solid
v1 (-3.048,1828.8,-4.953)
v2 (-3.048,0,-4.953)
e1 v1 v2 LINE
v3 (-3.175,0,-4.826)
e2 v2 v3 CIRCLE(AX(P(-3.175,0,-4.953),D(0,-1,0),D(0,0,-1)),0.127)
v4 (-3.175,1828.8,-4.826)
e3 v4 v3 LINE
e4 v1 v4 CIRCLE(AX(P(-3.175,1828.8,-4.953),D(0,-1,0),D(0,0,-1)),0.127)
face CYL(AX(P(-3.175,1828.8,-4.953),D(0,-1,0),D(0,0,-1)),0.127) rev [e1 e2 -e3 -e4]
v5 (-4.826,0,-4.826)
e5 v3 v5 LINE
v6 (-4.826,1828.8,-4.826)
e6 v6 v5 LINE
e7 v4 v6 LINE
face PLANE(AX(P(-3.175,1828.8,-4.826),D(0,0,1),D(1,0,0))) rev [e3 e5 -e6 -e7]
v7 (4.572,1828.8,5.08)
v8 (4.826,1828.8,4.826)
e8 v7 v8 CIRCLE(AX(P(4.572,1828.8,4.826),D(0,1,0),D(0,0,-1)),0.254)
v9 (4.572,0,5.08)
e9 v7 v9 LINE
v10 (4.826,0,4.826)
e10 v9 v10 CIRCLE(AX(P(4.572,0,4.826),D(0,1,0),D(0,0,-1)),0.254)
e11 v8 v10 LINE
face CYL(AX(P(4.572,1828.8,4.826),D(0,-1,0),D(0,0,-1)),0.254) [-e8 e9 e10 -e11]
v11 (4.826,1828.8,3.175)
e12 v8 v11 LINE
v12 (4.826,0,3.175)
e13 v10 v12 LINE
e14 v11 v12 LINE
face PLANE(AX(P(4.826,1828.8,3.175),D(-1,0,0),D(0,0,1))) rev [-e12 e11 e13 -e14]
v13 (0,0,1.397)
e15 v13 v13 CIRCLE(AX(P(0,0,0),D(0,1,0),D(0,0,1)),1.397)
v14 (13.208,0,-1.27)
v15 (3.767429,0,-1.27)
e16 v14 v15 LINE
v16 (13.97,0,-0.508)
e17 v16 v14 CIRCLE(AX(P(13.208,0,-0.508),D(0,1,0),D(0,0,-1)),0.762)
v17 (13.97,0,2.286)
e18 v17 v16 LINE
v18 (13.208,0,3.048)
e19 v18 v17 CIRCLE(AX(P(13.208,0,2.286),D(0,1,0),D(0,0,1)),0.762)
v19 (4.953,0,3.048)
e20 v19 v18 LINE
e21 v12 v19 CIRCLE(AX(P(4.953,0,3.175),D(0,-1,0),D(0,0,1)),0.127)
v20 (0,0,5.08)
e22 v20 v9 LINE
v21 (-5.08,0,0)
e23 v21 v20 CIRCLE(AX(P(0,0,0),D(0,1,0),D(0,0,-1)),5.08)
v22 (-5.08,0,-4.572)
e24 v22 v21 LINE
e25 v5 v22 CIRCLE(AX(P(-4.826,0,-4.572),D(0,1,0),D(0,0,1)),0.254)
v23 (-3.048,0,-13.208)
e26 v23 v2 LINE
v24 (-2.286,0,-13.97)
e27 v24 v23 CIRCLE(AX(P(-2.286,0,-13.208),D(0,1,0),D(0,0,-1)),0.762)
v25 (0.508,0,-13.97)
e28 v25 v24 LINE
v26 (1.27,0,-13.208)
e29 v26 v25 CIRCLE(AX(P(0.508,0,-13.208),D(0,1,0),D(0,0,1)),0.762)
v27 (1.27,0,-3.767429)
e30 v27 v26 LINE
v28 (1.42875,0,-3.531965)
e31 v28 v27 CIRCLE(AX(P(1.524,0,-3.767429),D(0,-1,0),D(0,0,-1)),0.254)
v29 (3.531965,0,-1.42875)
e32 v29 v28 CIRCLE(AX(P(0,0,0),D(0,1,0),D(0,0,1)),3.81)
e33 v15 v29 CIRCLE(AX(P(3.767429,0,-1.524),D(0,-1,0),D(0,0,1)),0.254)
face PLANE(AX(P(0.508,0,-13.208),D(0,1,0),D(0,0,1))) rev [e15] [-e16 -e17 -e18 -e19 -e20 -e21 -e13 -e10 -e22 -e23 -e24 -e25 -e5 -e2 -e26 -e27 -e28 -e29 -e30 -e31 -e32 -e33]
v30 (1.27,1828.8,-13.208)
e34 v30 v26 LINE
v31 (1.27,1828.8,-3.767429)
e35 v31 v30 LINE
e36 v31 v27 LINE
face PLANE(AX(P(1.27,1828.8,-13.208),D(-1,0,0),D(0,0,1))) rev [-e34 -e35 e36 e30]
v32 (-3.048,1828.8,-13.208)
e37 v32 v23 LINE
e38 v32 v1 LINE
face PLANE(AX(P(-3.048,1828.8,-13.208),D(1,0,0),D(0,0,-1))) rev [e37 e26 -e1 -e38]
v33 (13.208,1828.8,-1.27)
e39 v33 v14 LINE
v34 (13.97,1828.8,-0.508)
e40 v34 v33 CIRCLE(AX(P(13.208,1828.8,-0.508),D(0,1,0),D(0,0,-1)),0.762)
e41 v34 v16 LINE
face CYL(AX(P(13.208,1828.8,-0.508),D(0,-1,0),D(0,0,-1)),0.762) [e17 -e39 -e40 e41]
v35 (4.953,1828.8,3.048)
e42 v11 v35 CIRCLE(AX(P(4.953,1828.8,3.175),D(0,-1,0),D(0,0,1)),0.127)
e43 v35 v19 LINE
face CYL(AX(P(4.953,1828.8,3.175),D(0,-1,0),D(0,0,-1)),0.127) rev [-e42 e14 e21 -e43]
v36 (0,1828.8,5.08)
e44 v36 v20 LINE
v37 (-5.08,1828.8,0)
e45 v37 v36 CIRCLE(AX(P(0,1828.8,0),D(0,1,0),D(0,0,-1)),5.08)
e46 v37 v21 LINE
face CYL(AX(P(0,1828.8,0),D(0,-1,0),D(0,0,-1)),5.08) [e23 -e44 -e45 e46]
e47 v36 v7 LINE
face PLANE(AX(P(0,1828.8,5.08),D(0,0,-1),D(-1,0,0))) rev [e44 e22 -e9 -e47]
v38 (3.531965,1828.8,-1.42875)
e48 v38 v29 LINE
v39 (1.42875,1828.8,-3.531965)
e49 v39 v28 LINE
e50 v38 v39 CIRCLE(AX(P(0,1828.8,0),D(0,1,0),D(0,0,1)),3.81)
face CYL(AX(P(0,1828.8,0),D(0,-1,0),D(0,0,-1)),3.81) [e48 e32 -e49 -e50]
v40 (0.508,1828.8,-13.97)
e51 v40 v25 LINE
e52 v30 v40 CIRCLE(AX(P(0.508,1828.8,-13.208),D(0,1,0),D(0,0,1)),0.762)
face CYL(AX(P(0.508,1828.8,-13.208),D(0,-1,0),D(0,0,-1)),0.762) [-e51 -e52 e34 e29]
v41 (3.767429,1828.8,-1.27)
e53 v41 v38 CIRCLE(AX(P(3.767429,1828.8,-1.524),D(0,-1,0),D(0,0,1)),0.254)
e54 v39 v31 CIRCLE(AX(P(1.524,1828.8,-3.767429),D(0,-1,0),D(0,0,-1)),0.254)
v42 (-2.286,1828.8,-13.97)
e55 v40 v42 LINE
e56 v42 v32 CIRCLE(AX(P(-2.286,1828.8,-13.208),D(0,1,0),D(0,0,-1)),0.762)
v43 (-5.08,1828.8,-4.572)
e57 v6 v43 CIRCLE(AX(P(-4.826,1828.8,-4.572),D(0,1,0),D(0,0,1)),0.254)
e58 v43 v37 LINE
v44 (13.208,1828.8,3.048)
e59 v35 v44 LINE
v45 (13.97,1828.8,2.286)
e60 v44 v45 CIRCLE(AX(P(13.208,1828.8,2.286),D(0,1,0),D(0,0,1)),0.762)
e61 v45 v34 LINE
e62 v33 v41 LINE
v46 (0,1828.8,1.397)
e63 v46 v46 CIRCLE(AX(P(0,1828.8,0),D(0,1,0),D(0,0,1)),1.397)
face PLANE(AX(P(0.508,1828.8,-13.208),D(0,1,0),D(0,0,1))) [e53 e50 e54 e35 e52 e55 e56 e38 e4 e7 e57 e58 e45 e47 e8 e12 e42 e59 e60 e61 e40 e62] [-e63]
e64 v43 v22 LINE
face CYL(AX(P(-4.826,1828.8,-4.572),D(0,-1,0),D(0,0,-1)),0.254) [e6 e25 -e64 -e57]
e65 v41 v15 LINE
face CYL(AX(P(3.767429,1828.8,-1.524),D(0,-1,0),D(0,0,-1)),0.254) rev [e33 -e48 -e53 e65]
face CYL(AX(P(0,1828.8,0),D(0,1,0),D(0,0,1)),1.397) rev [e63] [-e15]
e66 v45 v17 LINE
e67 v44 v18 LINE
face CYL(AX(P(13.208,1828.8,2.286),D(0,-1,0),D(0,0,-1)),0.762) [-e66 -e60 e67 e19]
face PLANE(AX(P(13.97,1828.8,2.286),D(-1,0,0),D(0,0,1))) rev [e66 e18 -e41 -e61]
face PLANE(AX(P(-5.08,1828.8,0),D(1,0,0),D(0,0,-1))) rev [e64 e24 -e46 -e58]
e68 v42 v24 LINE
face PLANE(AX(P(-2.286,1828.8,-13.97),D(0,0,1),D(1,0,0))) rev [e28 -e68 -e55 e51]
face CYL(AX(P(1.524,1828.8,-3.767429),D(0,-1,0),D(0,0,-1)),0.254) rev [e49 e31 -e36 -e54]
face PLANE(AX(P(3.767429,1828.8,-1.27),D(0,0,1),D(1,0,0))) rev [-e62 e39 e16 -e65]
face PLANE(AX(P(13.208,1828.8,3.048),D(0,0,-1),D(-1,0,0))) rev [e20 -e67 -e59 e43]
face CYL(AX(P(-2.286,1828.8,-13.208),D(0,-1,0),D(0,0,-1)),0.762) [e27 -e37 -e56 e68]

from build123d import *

# Parameters (mm, degrees)
BOSS_EXTRUDE1_DEPTH = 1828.8
THRU_HOLES_D        = 2.794


with BuildPart() as part:
    # Sketch1 → Boss-Extrude1 (new body)
    with BuildSketch(Plane(origin=(0, 0, 0), x_dir=(1, 0, 0), z_dir=(0, 1, 0))):
        with BuildLine():
            Line((-3.048, 13.208), (-3.048, 4.953))
            ThreePointArc((-3.048, 4.953), (-3.085197439, 4.863197439), (-3.175, 4.826))
            Line((-3.175, 4.826), (-4.826, 4.826))
            ThreePointArc((-4.826, 4.826), (-5.005605122, 4.751605122), (-5.08, 4.572))
            Line((-5.08, 4.572), (-5.08, 0))
            ThreePointArc((-5.08, 0), (-3.592102448, -3.592102448), (0, -5.08))
            Line((0, -5.08), (4.572, -5.08))
            ThreePointArc((4.572, -5.08), (4.751605122, -5.005605122), (4.826, -4.826))
            Line((4.826, -4.826), (4.826, -3.175))
            ThreePointArc((4.826, -3.175), (4.863197439, -3.085197439), (4.953, -3.048))
            Line((4.953, -3.048), (13.208, -3.048))
            ThreePointArc((13.208, -3.048), (13.746815367, -2.824815367), (13.97, -2.286))
            Line((13.97, -2.286), (13.97, 0.508))
            ThreePointArc((13.97, 0.508), (13.746815367, 1.046815367), (13.208, 1.27))
            Line((13.208, 1.27), (3.767428831, 1.27))
            ThreePointArc((3.767428831, 1.27), (3.625438515, 1.313394326), (3.531964529, 1.42875))
            ThreePointArc((3.531964529, 1.42875), (2.694076836, 2.694076836), (1.42875, 3.531964529))
            ThreePointArc((1.42875, 3.531964529), (1.313394326, 3.625438515), (1.27, 3.767428831))
            Line((1.27, 3.767428831), (1.27, 13.208))
            ThreePointArc((1.27, 13.208), (1.046815367, 13.746815367), (0.508, 13.97))
            Line((0.508, 13.97), (-2.286, 13.97))
            ThreePointArc((-2.286, 13.97), (-2.824815367, 13.746815367), (-3.048, 13.208))
        make_face()
    extrude(amount=BOSS_EXTRUDE1_DEPTH)

    # THRU HOLES (through all)
    with Locations(Plane(origin=(0, 1828.8, 0), x_dir=(1, 0, 0), z_dir=(0, 1, 0))):
        with Locations((0, 0)):
            Hole(THRU_HOLES_D / 2)


solid = part.part
